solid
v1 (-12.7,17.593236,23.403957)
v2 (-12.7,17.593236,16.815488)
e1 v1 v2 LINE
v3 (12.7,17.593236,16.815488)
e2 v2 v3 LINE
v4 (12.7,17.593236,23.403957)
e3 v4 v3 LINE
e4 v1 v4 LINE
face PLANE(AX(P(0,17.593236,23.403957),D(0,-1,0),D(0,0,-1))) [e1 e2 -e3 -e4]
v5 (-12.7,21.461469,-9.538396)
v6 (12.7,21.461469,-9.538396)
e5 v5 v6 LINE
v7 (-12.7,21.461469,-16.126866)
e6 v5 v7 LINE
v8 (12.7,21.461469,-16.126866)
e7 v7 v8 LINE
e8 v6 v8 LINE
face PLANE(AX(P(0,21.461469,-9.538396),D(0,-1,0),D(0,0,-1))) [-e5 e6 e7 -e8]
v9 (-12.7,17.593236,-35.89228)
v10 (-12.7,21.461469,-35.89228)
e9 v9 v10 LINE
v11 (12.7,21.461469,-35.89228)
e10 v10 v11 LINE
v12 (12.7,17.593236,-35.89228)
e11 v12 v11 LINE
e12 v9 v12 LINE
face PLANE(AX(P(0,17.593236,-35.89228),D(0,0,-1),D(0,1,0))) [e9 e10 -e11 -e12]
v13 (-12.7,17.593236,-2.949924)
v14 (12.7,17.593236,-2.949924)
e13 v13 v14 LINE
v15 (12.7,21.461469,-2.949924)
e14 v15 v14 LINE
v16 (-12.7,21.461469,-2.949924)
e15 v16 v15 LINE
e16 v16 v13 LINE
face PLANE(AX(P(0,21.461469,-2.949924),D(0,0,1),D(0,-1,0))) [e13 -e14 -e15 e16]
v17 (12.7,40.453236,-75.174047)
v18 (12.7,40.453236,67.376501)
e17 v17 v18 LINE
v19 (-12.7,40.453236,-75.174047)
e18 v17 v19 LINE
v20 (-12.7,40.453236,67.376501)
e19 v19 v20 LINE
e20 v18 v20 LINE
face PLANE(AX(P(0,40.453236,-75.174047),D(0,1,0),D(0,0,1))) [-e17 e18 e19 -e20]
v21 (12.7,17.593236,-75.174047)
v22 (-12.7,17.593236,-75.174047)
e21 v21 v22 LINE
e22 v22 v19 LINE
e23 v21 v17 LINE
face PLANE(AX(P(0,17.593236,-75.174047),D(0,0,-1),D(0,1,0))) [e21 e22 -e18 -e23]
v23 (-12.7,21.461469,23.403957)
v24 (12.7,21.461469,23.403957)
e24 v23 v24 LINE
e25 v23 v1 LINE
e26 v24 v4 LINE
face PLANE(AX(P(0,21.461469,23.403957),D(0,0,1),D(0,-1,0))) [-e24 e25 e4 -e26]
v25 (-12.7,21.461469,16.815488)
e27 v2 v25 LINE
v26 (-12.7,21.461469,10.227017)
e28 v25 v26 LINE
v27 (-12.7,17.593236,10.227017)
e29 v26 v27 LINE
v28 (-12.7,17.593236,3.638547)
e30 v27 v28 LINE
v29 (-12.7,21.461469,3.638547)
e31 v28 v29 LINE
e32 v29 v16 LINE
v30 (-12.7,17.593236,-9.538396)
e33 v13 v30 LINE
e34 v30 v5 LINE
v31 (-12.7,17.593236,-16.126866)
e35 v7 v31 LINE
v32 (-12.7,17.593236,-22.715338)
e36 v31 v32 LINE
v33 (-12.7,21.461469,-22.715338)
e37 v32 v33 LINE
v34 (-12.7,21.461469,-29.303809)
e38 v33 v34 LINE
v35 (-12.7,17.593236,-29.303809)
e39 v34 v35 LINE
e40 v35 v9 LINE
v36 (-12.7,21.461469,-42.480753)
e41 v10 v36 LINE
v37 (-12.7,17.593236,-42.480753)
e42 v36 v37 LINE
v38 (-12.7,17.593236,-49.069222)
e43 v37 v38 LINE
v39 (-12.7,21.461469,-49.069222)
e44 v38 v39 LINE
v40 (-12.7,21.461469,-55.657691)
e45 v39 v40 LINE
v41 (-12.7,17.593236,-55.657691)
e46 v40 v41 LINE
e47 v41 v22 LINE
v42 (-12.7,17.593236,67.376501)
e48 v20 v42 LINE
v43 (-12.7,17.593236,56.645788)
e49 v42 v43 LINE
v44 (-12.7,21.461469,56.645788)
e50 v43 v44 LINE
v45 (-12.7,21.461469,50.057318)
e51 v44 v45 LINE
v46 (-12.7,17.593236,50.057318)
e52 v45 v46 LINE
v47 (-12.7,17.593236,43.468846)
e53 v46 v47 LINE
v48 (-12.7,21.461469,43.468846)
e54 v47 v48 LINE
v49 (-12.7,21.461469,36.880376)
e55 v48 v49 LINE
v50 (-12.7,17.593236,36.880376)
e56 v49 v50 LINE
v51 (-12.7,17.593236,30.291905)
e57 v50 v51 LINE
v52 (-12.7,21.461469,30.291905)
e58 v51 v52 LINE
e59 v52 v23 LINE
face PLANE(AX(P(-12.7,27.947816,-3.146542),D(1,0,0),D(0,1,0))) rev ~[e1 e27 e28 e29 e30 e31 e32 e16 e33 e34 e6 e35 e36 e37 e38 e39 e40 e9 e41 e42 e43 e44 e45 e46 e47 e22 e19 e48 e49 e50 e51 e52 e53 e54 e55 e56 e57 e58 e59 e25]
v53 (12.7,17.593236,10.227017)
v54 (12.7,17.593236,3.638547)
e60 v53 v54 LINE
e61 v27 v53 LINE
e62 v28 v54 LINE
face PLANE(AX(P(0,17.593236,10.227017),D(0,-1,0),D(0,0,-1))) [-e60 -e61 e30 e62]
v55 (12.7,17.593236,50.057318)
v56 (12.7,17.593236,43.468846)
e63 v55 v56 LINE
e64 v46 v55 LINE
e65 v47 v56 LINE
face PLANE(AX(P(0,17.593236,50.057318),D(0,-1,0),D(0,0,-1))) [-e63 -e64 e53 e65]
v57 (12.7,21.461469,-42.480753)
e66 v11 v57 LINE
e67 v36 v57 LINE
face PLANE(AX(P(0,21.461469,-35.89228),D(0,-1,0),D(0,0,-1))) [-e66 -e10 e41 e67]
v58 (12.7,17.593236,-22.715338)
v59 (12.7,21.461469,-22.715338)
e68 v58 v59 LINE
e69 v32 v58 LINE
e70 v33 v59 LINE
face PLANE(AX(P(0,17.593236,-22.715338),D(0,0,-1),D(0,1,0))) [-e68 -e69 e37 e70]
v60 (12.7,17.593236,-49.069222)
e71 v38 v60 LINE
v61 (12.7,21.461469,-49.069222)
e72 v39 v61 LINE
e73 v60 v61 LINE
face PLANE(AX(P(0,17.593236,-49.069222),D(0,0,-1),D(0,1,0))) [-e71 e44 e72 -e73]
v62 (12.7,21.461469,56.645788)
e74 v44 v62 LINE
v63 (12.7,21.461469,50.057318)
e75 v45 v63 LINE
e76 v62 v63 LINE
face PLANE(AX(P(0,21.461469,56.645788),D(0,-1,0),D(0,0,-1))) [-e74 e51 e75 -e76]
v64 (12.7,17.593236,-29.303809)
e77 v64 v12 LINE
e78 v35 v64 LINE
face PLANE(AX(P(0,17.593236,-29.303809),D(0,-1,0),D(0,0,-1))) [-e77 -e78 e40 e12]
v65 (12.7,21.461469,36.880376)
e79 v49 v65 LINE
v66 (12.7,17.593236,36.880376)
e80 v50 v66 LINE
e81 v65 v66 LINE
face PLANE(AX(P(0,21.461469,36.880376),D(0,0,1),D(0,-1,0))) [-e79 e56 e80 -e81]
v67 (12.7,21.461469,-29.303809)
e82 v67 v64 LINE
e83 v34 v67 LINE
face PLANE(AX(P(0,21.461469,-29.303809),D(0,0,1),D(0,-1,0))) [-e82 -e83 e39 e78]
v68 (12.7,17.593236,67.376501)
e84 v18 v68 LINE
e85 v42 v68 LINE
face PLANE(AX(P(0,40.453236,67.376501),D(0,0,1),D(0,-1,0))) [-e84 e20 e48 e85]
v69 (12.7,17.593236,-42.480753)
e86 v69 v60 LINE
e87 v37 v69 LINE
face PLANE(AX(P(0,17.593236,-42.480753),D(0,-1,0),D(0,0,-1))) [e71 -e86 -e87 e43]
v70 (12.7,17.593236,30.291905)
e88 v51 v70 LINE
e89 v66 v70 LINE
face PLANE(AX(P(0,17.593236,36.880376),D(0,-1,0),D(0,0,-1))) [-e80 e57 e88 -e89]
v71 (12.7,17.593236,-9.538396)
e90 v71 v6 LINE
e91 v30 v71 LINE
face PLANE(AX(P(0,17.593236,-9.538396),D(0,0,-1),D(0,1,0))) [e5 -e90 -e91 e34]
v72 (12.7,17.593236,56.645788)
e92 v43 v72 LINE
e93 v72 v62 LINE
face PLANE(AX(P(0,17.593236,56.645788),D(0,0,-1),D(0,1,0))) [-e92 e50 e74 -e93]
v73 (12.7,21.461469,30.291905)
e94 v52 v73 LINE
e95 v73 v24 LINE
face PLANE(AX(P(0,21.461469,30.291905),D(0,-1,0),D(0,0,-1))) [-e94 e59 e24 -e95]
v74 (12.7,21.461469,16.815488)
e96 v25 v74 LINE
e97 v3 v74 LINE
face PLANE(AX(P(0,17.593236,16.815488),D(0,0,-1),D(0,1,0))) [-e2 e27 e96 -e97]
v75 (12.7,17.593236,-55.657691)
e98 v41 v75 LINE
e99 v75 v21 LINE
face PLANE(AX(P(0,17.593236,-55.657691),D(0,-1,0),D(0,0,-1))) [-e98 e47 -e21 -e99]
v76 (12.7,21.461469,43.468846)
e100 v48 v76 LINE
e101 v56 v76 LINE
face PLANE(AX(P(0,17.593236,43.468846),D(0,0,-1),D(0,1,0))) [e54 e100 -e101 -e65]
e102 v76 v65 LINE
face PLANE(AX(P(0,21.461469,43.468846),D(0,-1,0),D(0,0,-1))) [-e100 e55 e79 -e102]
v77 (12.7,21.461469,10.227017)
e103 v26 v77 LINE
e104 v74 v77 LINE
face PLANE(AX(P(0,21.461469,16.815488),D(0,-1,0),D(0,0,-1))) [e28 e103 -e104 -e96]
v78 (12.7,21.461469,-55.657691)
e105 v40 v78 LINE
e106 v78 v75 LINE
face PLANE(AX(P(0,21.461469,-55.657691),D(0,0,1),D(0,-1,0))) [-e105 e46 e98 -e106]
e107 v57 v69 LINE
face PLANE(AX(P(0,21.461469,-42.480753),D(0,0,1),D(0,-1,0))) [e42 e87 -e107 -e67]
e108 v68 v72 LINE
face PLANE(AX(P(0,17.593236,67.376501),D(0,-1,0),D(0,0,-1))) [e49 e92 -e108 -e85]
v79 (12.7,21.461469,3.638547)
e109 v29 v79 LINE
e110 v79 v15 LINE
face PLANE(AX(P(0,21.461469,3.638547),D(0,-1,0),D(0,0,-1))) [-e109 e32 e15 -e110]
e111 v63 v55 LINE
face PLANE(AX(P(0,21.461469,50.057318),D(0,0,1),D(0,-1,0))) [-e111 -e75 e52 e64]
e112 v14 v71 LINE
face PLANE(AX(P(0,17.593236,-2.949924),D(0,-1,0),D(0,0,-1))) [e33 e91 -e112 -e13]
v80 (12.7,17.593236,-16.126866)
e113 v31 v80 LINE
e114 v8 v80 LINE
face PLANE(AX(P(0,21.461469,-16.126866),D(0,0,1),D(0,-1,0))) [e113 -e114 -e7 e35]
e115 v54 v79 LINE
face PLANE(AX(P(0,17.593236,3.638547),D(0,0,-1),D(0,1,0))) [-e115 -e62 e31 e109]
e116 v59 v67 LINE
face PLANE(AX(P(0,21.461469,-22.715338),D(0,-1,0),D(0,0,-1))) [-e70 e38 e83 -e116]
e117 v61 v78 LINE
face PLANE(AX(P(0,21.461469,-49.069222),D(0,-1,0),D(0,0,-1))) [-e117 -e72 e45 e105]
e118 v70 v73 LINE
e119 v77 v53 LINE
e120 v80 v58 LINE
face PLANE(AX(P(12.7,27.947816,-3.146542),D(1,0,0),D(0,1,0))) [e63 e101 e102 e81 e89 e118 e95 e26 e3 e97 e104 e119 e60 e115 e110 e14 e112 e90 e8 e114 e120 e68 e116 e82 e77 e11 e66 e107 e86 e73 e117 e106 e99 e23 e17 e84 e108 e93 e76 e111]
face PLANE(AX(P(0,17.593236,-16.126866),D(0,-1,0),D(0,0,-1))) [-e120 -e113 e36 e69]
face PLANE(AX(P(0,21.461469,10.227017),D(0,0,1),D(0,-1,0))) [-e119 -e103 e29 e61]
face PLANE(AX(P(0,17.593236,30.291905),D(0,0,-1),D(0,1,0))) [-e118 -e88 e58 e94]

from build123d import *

# Parameters (mm, degrees)
F1_DEPTH = 12.7


with BuildPart() as f1:
    # F0 (on Right) → F1 (new body, symmetric)
    with BuildSketch(Plane.YZ):
        Polygon((40.453236, 67.376501), (17.593236, 67.376501), (17.593236, 56.645788), (21.461469, 56.645788), (21.461469, 50.057318), (17.593236, 50.057318), (17.593236, 43.468846), (21.461469, 43.468846), (21.461469, 36.880376), (17.593236, 36.880376), (17.593236, 30.291905), (21.461469, 30.291905), (21.461469, 23.403957), (17.593236, 23.403957), (17.593236, 16.815488), (21.461469, 16.815488), (21.461469, 10.227017), (17.593236, 10.227017), (17.593236, 3.638547), (21.461469, 3.638547), (21.461469, -2.949924), (17.593236, -2.949924), (17.593236, -9.538396), (21.461469, -9.538396), (21.461469, -16.126866), (17.593236, -16.126866), (17.593236, -22.715338), (21.461469, -22.715338), (21.461469, -29.303809), (17.593236, -29.303809), (17.593236, -35.89228), (21.461469, -35.89228), (21.461469, -42.480753), (17.593236, -42.480753), (17.593236, -49.069222), (21.461469, -49.069222), (21.461469, -55.657691), (17.593236, -55.657691), (17.593236, -75.174047), (40.453236, -75.174047), align=None)
    extrude(amount=F1_DEPTH, both=True)


solid = f1.part
